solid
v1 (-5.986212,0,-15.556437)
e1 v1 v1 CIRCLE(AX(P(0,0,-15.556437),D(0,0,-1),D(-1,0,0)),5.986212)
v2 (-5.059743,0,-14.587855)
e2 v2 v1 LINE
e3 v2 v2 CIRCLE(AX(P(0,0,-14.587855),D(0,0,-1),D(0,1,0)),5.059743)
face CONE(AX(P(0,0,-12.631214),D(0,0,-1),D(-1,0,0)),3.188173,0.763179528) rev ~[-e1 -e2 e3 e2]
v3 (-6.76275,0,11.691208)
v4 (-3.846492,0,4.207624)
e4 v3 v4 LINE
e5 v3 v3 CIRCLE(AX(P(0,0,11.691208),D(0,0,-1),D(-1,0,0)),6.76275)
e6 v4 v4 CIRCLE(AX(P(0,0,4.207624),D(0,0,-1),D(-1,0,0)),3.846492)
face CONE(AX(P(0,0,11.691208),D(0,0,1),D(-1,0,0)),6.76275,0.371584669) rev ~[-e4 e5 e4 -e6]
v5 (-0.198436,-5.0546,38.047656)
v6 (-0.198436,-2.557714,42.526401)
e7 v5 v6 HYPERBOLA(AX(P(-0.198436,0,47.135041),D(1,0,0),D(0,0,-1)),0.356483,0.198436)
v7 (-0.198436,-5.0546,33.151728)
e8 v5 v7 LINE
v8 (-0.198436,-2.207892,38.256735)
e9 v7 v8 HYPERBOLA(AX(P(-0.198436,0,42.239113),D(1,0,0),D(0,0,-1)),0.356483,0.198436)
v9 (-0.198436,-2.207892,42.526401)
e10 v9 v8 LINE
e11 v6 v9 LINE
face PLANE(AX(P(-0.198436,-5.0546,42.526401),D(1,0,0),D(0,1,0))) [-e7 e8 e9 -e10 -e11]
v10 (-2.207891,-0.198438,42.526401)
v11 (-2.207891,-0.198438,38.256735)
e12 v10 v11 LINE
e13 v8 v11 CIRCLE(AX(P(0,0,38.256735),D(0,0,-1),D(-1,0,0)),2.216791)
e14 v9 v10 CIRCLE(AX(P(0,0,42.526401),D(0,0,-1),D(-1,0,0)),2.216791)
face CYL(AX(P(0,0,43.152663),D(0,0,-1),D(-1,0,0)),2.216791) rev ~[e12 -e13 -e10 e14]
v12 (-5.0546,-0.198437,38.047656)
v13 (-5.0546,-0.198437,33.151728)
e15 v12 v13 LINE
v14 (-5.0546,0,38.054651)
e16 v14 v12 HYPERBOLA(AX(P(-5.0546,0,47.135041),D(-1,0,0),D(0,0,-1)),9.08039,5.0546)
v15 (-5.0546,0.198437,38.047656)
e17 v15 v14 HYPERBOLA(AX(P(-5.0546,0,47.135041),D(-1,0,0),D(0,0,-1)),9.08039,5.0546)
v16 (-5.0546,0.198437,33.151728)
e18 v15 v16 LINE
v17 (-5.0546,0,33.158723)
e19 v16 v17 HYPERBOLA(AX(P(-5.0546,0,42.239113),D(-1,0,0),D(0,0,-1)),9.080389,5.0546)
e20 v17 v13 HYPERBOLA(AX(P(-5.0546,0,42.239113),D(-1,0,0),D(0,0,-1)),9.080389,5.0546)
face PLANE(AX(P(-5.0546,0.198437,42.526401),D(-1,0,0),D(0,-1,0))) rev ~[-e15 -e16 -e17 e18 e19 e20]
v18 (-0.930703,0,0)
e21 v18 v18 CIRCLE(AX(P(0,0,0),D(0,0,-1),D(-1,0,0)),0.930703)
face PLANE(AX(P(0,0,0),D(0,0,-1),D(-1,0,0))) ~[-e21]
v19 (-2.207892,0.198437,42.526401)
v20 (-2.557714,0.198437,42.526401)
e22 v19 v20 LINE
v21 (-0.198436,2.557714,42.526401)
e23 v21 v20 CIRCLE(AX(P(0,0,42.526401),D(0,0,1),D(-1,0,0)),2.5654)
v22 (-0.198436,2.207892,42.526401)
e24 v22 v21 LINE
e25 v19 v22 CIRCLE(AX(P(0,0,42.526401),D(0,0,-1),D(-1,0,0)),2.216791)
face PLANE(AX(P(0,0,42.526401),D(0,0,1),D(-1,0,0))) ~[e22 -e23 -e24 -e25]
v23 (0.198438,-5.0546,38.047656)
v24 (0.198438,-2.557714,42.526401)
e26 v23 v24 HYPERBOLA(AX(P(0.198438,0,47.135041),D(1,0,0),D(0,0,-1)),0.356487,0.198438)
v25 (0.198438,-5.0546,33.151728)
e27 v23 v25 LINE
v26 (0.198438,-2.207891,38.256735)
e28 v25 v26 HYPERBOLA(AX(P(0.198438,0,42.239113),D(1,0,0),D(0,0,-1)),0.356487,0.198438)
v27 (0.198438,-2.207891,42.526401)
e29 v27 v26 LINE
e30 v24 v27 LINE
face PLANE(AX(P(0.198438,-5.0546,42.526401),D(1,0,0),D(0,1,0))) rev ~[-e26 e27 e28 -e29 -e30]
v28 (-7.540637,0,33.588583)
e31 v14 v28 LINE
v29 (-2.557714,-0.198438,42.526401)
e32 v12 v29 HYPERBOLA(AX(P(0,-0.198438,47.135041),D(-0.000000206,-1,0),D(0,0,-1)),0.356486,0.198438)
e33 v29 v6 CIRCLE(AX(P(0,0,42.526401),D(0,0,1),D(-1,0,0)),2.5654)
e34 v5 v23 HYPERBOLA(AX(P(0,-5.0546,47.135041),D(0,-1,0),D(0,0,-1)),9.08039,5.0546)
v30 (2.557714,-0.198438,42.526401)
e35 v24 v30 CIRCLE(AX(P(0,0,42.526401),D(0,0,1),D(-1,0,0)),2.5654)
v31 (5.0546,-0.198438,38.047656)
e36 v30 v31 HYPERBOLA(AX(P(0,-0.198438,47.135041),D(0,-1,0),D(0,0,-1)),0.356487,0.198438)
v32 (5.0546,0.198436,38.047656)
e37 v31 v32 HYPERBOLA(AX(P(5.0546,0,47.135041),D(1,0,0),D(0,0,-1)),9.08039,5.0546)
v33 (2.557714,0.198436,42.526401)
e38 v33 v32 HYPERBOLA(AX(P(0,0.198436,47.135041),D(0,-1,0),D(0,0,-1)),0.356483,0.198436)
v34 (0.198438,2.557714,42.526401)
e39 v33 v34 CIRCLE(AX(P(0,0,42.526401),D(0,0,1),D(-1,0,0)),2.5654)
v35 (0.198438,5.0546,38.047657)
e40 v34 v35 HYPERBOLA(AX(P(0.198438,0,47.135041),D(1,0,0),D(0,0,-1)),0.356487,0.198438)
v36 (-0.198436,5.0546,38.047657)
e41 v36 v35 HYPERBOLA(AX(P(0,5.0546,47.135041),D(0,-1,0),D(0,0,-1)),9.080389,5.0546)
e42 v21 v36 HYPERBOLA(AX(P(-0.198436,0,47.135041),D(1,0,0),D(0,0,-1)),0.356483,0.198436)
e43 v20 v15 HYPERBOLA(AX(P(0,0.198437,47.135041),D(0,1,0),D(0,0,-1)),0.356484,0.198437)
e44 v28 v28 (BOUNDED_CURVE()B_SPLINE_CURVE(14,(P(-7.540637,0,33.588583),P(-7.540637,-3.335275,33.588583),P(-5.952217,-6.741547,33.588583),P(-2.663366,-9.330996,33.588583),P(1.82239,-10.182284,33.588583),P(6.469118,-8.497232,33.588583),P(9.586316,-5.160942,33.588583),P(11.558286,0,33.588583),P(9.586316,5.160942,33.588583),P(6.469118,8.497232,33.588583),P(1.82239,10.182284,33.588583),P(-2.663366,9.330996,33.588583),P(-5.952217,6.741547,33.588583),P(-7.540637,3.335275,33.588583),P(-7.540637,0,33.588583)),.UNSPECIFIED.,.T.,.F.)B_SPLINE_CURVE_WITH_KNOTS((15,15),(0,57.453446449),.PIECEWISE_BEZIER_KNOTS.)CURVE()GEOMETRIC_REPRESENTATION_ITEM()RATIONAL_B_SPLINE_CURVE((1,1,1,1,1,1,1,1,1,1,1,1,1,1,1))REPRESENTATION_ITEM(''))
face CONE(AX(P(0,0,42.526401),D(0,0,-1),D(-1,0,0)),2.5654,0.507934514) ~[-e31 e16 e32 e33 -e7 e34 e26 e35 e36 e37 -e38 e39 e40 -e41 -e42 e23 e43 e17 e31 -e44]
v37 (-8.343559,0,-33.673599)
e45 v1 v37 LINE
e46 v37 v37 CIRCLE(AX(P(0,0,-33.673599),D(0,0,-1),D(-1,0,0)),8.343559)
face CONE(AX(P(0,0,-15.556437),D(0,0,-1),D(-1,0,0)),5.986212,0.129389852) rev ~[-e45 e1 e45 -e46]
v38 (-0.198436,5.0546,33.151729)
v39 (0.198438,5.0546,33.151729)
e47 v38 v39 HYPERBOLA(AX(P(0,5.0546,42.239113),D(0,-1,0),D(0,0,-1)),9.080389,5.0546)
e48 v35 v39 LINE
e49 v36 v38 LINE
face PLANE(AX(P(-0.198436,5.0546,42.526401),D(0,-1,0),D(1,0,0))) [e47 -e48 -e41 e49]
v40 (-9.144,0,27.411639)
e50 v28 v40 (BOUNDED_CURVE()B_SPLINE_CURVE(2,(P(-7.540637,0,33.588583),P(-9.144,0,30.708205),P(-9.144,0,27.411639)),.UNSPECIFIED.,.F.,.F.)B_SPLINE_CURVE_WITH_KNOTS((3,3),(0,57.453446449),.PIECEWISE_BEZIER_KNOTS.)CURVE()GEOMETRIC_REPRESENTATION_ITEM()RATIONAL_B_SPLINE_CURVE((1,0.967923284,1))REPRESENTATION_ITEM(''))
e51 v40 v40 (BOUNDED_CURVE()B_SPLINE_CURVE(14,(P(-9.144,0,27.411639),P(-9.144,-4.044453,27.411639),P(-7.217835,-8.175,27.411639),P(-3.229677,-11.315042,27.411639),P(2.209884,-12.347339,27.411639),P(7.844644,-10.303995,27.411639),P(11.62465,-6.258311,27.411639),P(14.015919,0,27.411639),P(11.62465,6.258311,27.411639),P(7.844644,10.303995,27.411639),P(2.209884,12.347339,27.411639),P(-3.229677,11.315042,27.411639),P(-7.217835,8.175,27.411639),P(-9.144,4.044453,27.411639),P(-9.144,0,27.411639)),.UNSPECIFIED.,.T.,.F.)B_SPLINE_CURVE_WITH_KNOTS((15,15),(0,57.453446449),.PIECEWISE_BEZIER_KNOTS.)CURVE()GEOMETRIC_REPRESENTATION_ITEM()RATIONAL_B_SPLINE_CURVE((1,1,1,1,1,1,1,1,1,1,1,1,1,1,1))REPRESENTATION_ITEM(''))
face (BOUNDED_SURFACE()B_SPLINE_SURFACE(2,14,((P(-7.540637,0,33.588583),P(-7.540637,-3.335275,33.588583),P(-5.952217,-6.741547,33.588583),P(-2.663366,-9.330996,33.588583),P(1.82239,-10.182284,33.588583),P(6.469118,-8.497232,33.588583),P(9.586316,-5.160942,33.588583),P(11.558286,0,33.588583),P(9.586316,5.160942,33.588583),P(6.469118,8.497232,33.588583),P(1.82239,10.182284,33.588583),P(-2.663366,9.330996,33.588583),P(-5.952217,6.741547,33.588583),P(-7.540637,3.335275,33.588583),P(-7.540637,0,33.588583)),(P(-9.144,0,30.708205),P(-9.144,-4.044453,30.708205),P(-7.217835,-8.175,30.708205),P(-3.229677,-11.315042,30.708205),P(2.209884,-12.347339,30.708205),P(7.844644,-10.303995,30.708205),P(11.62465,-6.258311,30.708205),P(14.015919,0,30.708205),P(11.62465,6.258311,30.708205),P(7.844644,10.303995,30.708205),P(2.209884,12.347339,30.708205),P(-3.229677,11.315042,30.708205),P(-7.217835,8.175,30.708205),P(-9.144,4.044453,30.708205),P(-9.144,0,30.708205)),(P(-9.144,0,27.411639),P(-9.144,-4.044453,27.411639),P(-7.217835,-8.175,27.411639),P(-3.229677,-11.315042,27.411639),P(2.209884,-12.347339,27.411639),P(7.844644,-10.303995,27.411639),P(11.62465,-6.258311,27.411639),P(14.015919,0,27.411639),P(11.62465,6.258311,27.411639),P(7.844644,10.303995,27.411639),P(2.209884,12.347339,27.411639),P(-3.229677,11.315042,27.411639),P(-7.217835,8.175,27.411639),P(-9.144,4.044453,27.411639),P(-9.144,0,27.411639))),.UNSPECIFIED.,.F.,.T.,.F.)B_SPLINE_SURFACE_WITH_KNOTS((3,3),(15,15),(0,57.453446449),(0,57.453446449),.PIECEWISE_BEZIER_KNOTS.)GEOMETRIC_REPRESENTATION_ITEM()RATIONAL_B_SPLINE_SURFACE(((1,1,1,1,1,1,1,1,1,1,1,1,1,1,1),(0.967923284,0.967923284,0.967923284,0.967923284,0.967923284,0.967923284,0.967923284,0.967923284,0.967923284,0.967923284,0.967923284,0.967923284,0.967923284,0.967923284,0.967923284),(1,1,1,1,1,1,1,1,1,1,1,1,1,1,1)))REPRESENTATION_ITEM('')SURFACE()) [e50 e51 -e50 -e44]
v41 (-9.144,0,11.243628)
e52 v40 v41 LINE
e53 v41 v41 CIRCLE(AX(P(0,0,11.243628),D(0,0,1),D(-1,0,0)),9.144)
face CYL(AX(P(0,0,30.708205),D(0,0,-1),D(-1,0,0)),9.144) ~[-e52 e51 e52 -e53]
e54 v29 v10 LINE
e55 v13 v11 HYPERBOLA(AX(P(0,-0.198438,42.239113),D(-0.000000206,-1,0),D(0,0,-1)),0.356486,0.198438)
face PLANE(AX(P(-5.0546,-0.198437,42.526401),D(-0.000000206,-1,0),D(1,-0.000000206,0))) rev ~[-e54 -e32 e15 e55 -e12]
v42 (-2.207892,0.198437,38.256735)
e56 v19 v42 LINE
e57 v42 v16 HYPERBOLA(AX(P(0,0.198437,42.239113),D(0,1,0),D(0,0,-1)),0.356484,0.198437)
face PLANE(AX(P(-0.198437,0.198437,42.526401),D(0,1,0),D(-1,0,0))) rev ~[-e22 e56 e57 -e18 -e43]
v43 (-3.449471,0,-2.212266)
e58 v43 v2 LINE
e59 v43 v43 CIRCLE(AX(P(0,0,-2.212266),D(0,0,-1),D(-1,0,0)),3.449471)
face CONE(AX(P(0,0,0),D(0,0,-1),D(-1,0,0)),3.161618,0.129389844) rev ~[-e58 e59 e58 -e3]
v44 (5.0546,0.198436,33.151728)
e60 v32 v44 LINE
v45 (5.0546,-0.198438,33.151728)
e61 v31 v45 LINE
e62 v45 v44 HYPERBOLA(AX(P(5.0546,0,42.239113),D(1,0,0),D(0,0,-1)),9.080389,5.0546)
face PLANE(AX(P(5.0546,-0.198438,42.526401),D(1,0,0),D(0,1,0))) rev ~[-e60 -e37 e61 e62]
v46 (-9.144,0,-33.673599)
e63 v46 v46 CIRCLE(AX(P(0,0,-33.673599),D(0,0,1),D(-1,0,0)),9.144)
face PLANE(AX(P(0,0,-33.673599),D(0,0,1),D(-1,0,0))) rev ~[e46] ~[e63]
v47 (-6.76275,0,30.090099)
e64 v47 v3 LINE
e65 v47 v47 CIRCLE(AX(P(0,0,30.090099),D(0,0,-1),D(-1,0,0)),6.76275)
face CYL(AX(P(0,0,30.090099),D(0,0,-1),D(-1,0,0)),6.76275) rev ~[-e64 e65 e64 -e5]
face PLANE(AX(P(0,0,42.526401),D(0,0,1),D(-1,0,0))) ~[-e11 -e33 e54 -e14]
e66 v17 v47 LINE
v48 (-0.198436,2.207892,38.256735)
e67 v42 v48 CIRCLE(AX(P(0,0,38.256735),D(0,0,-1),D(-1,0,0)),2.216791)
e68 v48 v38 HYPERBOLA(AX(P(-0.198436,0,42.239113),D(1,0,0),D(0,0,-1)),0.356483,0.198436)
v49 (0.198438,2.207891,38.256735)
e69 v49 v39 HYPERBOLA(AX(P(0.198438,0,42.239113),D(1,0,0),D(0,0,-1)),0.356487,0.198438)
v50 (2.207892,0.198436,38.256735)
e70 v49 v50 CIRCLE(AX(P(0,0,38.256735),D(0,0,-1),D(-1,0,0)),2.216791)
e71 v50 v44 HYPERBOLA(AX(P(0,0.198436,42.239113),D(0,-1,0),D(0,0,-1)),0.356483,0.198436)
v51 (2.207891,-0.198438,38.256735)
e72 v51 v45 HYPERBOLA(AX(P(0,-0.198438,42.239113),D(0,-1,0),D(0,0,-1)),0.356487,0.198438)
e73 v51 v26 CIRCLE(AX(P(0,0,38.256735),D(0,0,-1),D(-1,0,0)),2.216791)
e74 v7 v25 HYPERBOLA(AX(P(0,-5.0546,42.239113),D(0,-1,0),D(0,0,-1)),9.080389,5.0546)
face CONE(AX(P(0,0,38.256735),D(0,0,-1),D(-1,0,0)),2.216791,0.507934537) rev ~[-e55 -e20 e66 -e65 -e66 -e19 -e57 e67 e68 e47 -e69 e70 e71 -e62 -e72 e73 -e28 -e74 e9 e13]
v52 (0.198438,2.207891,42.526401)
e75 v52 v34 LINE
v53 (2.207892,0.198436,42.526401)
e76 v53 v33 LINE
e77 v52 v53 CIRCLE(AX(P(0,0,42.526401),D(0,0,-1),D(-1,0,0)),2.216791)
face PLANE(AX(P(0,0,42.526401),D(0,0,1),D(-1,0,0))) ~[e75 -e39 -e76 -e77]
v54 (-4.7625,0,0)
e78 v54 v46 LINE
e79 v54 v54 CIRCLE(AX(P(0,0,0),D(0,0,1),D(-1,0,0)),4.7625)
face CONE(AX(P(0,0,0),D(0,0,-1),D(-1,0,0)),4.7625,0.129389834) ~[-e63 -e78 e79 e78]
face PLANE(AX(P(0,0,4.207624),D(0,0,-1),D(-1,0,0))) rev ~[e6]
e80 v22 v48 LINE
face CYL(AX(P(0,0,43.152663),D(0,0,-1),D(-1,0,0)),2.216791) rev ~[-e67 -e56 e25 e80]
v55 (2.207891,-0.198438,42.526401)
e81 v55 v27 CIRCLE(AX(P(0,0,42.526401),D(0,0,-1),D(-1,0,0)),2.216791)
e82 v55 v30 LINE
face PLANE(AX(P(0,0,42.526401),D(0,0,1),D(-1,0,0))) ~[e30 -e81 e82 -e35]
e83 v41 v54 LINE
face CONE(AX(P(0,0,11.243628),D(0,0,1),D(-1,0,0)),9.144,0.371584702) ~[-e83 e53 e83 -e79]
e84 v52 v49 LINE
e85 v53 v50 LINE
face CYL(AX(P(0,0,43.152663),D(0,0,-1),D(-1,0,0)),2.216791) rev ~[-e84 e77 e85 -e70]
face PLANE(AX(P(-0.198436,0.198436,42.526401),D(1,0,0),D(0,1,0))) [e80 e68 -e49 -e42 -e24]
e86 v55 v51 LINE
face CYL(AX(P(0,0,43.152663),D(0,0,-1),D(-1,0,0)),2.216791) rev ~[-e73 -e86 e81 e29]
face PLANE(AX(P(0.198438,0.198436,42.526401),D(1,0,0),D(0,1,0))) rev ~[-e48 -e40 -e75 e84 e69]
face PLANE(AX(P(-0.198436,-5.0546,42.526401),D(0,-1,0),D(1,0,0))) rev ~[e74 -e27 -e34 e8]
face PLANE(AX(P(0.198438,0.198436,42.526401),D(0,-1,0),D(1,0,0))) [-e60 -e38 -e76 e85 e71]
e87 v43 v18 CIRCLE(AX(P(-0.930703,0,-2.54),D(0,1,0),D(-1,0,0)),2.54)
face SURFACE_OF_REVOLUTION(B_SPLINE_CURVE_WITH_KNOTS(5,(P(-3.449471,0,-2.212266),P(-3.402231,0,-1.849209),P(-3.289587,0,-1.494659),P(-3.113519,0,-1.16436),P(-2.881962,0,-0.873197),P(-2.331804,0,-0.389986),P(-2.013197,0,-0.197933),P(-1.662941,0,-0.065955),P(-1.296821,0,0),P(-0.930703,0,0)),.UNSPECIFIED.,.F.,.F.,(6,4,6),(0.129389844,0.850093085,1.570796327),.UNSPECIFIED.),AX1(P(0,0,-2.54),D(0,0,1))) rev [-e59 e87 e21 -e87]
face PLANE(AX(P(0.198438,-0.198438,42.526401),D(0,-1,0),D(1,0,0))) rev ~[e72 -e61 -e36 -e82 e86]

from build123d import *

# Parameters (mm, degrees)
F2_R      = 12.7
F5_R      = 2.54
F10_W     = 0.396875
F10_H     = 4.856163
F10_W_2   = 4.856162
F10_H_2   = 0.396875
F10_H_3   = 4.856162
F11_DEPTH = 12.7


with BuildPart() as f1:
    # F0 (on Front) → F1 (revolve)
    with BuildSketch(Plane.XZ):
        Polygon((-9.144, -33.673599), (0, -33.673599), (0, 42.526401), (-2.5654, 42.526401), (-9.144, 30.708205), (-9.144, 11.243628), (-4.7625, 0), align=None)
    revolve(axis=Axis((0, 0, 4.426401), (0, 0, 1)))

    # F2
    f2_edges = [f1.edges().sort_by_distance(p)[0] for p in [
        (9.144, 0, 30.708205),
    ]]
    fillet(f2_edges, radius=F2_R)

    # F3 (on Front) → F4 (revolve, cut)
    with BuildSketch(Plane.XZ):
        Polygon((0, -36.217926), (0, 0), (-3.161618, 0), (-7.874178, -36.217926), align=None)
    revolve(axis=Axis((0, 0, -18.108963), (0, 0, -1)), mode=Mode.SUBTRACT)

    # F5
    f5_edges = [f1.edges().sort_by_distance(p)[0] for p in [
        (3.161618, 0, 0),
    ]]
    fillet(f5_edges, radius=F5_R)

    # F6 (on Front) → F7 (revolve, cut)
    with BuildSketch(Plane.XZ):
        Polygon((0, -36.17549), (0, 0), (-3.188173, -12.631214), (-5.986212, -15.556437), (-8.669097, -36.17549), align=None)
    revolve(axis=Axis((0, 0, -18.087745), (0, 0, -1)), mode=Mode.SUBTRACT)

    # F8 (on Front) → F9 (revolve, cut)
    with BuildSketch(Plane.XZ):
        Polygon((0, 4.207624), (0, 46.769504), (-2.216791, 43.152663), (-2.216791, 38.256735), (-6.76275, 30.090099), (-6.76275, 11.691208), (-3.846492, 4.207624), align=None)
    revolve(axis=Axis((0, 0, 25.488564), (0, 0, -1)), mode=Mode.SUBTRACT)

    # F10 (on face) → F11 (cut)
    with BuildSketch(Plane.XY.offset(42.526401)):
        with Locations((1e-06, 2.626518)):
            Rectangle(F10_W, F10_H)
        Polygon((-0.198437, -0.198438), (-0.198437, 0.198437), (-5.0546, 0.198437), (-5.0546, -0.198437), align=None)
        with Locations((2.626519, -1e-06)):
            Rectangle(F10_W_2, F10_H_2)
        with Locations((1e-06, -2.626519)):
            Rectangle(F10_W, F10_H_3)
    extrude(amount=-F11_DEPTH, mode=Mode.SUBTRACT)


solid = f1.part
